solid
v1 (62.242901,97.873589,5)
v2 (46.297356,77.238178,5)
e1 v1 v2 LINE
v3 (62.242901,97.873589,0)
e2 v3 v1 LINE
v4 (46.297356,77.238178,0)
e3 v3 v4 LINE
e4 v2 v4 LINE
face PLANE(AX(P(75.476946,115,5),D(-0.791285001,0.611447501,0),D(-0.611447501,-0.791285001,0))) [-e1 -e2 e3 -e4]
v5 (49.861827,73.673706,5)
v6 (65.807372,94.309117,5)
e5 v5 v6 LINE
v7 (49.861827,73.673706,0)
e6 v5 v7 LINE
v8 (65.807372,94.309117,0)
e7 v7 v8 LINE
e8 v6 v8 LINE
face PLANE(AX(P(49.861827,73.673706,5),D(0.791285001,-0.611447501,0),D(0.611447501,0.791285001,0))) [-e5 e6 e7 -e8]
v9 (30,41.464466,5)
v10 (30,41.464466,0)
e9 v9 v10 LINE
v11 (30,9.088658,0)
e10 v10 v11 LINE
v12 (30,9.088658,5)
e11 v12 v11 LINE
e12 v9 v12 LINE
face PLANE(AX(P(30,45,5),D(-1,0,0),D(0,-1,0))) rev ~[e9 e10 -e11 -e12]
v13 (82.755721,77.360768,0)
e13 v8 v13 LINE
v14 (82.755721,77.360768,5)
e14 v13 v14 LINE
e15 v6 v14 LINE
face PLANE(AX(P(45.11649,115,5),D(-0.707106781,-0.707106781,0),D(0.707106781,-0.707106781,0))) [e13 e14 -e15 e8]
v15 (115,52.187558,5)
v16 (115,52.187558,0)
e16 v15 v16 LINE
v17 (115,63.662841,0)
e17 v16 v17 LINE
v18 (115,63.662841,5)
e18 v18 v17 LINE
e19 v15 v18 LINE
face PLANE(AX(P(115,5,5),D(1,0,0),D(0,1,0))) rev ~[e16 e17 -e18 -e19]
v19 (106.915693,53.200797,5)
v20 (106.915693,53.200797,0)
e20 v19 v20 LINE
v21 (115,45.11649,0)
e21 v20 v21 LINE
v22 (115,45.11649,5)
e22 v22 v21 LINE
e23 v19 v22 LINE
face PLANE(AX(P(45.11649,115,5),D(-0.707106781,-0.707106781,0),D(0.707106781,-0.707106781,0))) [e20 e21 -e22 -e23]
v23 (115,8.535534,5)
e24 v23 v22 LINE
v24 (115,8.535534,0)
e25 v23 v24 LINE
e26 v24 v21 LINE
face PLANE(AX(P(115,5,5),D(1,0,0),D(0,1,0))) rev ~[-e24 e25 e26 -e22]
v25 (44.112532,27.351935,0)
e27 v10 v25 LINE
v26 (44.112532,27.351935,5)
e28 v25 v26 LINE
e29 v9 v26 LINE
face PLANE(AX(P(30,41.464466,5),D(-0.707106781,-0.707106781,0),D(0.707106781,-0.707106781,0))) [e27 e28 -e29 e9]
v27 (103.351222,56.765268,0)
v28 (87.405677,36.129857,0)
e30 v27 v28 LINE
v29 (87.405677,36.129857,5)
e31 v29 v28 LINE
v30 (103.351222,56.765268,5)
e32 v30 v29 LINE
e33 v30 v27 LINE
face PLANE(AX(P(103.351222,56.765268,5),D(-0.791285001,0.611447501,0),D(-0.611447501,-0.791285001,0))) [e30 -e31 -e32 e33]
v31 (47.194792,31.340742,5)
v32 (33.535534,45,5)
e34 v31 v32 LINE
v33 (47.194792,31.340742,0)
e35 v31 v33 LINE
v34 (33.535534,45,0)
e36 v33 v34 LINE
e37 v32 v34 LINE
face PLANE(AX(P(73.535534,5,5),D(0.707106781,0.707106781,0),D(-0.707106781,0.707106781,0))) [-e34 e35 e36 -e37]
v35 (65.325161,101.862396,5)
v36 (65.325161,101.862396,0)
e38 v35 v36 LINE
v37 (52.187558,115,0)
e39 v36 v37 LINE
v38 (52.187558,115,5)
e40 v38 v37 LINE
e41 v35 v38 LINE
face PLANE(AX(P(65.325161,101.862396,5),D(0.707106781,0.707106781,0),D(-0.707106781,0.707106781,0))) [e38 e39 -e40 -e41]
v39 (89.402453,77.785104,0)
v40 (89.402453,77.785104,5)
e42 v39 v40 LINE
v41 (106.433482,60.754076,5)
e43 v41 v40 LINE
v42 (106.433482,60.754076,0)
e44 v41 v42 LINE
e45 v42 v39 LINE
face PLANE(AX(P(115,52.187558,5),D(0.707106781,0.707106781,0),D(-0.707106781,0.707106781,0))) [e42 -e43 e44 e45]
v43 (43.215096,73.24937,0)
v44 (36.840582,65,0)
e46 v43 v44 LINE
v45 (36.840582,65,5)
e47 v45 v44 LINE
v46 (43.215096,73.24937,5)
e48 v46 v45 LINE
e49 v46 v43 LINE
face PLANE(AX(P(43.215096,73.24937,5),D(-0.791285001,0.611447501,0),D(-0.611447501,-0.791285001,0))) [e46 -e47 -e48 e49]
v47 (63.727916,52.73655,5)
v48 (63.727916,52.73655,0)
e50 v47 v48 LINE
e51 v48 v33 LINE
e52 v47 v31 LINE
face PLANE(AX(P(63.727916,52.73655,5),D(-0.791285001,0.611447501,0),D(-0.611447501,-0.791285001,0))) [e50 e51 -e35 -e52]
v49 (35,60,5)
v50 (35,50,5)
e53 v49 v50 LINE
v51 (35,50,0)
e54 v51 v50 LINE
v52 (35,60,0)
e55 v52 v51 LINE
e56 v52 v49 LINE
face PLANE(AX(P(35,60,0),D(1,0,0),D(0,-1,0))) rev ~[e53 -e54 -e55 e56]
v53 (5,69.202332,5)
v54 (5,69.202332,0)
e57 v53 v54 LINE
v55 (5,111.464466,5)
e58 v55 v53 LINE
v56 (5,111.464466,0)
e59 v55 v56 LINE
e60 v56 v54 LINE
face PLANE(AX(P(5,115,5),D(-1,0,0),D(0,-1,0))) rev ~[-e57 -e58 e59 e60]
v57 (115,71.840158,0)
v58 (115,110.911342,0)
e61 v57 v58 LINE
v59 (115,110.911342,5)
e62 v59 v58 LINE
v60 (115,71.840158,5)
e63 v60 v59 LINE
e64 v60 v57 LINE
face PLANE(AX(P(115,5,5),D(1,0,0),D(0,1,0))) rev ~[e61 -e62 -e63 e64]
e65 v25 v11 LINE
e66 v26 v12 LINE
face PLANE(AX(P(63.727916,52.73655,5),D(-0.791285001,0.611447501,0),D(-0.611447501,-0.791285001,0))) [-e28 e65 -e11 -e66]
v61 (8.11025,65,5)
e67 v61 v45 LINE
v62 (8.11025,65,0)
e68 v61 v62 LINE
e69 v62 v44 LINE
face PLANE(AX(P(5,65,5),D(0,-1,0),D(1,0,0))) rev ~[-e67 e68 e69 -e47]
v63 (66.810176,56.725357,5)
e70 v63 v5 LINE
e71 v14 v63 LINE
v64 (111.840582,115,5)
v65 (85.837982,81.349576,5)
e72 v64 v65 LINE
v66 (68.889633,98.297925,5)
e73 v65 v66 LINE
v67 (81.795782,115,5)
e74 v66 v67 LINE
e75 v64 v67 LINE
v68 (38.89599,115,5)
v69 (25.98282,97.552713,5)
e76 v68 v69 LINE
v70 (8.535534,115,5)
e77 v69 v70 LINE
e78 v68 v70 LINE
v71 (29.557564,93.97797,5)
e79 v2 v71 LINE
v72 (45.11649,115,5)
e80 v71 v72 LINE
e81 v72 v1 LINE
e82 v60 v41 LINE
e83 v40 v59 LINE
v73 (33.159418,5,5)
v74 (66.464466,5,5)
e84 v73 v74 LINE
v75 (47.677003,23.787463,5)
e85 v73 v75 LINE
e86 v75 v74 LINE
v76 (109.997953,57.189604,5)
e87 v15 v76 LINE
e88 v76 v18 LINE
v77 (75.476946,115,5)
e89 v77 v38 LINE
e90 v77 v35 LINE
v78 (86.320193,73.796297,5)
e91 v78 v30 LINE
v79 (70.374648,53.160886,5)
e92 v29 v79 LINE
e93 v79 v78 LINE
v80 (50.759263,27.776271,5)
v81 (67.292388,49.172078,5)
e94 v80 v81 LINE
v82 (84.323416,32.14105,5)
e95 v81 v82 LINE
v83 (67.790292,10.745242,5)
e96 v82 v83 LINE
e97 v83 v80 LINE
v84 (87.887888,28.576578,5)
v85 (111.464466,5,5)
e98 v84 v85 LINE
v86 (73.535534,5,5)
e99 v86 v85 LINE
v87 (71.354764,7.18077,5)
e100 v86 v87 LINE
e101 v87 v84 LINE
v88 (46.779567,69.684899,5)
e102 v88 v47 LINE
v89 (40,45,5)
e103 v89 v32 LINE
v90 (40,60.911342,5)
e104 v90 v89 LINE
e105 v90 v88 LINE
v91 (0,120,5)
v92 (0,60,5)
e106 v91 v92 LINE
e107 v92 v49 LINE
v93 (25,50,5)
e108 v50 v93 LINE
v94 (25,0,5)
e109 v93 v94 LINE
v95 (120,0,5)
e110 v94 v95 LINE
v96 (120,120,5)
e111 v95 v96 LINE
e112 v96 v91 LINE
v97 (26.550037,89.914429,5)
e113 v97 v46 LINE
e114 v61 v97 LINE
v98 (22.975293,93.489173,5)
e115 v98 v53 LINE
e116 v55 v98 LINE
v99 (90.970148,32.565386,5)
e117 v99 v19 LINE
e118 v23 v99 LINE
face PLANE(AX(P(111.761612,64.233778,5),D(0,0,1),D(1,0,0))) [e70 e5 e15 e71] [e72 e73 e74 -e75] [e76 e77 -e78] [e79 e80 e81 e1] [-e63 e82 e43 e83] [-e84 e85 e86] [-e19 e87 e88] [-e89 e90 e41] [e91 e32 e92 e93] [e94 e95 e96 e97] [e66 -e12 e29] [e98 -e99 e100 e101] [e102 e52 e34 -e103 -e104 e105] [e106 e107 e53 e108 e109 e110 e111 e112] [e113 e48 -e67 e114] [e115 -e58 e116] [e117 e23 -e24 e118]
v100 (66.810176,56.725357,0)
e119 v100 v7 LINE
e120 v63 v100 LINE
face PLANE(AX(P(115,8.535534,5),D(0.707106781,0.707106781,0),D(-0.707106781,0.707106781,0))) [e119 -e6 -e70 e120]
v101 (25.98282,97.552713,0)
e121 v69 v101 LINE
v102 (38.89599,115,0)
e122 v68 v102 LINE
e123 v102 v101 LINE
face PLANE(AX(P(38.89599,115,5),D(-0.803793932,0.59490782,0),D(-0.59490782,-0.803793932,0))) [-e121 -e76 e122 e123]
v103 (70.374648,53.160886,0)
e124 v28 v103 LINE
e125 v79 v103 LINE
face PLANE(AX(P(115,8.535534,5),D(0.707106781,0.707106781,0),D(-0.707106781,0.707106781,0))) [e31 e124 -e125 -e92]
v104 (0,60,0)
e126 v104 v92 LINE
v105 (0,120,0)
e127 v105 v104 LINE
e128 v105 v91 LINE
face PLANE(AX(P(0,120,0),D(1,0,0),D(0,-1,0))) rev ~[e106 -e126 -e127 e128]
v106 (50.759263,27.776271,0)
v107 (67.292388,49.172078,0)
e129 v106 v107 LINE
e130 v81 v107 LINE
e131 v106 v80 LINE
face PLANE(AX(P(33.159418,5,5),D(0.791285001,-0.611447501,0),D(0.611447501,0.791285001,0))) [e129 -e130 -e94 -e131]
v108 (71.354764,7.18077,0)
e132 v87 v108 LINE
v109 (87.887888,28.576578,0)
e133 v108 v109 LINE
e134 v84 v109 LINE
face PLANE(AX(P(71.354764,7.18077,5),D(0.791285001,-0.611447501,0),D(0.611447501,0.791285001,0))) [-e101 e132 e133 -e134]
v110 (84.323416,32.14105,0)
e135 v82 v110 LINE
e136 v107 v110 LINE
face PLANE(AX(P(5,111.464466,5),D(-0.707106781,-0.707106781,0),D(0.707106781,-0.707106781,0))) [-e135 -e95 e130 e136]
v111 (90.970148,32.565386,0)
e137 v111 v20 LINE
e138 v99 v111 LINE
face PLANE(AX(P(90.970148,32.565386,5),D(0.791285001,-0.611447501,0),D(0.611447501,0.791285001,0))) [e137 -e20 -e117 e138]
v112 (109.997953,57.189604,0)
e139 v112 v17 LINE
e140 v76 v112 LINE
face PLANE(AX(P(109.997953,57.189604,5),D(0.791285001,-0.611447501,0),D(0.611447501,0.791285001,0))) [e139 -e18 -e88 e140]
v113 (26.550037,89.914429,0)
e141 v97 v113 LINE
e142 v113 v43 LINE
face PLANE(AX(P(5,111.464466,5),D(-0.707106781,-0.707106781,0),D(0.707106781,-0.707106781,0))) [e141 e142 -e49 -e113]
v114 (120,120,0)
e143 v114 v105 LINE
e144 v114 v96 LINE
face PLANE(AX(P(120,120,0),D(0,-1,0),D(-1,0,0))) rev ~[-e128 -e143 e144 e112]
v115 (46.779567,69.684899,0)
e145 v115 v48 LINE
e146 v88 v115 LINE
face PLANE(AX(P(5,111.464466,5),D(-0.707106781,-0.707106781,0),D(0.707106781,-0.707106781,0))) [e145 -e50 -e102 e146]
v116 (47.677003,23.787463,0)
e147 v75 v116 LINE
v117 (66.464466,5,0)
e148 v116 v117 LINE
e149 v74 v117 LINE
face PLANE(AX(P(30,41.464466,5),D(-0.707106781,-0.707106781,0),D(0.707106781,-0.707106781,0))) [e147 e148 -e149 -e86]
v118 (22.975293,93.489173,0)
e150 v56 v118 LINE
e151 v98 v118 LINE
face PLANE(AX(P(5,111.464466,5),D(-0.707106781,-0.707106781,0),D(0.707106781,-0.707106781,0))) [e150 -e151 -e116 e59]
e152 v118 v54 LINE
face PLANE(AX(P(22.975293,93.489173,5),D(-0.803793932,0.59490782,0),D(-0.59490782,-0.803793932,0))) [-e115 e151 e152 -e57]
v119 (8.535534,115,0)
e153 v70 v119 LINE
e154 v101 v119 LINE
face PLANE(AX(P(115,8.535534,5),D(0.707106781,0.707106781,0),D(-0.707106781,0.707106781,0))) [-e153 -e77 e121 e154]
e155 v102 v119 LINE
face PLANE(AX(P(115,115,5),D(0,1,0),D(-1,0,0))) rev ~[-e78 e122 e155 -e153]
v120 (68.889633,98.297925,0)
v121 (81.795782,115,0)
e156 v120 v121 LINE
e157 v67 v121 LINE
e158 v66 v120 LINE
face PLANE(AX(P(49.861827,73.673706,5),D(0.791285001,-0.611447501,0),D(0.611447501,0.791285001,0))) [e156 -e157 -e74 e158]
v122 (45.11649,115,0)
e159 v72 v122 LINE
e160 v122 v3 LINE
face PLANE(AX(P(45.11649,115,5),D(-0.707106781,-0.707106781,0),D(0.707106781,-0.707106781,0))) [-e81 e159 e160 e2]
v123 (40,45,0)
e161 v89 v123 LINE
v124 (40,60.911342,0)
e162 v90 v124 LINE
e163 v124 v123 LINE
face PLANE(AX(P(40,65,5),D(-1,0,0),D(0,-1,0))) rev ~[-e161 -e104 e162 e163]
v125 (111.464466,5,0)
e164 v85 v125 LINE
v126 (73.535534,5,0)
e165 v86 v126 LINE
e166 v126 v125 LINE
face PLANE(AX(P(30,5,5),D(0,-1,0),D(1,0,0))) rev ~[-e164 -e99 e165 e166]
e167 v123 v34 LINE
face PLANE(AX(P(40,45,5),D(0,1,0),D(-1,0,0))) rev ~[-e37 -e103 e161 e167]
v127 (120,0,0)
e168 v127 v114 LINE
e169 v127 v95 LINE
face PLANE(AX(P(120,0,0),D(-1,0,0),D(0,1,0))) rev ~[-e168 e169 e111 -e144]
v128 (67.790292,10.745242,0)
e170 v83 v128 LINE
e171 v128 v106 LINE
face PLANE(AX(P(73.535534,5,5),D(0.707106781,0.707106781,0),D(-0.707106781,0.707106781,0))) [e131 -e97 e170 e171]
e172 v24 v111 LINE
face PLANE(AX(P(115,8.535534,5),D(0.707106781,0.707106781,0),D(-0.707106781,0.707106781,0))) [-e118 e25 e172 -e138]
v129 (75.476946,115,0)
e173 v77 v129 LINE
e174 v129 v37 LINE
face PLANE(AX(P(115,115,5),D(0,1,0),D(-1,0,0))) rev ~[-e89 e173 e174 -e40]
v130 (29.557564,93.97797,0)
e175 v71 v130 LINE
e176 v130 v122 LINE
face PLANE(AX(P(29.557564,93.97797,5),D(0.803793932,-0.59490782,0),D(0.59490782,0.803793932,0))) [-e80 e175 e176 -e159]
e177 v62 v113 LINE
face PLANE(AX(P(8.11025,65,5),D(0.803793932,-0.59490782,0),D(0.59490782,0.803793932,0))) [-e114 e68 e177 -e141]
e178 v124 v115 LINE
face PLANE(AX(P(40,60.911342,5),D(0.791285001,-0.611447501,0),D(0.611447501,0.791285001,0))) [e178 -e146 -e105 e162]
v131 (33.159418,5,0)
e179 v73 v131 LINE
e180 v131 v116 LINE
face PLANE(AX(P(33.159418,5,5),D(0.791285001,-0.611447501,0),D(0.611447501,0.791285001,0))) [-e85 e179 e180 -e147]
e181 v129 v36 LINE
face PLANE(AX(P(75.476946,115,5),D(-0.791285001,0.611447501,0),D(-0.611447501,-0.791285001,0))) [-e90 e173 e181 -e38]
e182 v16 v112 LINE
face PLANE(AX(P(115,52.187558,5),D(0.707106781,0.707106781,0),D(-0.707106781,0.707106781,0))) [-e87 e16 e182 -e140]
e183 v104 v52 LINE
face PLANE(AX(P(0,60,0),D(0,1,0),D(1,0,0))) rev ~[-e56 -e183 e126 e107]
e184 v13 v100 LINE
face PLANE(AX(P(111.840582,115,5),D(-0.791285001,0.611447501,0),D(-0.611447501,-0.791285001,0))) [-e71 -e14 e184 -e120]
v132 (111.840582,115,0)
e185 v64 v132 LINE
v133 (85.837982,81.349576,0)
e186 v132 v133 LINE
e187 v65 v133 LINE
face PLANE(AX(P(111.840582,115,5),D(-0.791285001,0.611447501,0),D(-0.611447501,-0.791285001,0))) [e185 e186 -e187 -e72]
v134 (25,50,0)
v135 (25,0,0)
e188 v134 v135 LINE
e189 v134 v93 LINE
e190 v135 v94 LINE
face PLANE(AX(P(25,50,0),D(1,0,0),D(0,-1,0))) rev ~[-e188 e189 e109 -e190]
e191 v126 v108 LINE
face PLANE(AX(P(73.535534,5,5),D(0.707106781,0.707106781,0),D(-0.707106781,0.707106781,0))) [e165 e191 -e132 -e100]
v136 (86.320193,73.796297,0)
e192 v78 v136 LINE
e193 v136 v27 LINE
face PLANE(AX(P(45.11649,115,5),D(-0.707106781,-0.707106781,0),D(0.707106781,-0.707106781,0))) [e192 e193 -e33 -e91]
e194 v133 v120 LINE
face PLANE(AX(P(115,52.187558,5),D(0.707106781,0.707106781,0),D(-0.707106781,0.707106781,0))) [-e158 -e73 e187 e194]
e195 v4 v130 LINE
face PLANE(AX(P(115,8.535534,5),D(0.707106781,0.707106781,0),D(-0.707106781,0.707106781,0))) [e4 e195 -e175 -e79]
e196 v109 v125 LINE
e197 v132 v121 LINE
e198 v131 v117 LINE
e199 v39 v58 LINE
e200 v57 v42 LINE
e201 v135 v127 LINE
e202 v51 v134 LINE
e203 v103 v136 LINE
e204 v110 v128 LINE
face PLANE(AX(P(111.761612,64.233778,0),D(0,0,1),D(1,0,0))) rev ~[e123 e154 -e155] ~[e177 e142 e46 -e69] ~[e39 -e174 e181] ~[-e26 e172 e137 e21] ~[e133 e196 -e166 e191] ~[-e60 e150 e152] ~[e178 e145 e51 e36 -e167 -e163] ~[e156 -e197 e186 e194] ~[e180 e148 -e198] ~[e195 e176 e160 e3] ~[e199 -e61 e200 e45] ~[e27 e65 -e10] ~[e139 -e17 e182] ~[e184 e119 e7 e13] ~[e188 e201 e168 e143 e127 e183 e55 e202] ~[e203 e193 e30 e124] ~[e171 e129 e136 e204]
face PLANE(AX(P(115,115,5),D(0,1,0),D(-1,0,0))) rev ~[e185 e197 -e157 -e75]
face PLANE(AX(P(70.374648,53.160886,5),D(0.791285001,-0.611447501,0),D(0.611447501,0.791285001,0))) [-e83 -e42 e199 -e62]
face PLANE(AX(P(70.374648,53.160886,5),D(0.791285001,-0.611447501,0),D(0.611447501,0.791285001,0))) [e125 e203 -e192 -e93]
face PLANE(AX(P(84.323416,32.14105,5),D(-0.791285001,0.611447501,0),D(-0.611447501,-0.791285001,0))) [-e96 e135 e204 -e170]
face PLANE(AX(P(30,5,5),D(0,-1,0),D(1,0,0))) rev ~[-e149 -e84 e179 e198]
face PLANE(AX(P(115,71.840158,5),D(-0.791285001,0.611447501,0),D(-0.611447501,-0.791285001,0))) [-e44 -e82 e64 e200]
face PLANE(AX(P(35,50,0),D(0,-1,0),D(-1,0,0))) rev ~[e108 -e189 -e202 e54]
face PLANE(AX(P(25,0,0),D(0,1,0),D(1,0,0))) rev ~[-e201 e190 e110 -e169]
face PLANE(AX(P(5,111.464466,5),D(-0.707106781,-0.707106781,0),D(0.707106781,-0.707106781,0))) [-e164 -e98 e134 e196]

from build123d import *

# Parameters (mm, degrees)
F1_DEPTH  = 5
F3_DEPTH  = 25
F5_DEPTH  = 5
F7_DEPTH  = 5
F9_DEPTH  = 5
F11_DEPTH = 5
F13_DEPTH = 5
F15_DEPTH = 5
F17_DEPTH = 5


with BuildPart() as f1:
    # F0 (on Top) → F1 (new body)
    with BuildSketch(Plane.XY):
        Polygon((120, 120), (0, 120), (0, 60), (35, 60), (35, 50), (25, 50), (25, 0), (120, 0), align=None)
    extrude(amount=F1_DEPTH)

    # F2 (on face) → F3 (cut)
    with BuildSketch(Plane.XY.offset(5)):
        Polygon((5, 115), (5, 65), (40, 65), (40, 45), (30, 45), (30, 5), (115, 5), (115, 115), align=None)
    extrude(amount=-F3_DEPTH, mode=Mode.SUBTRACT)

    # F4 (on face) → F5 (join)
    with BuildSketch(Plane.XY.offset(5)):
        Polygon((115, 8.5355339059), (8.5355339059, 115), (5, 115), (5, 111.4644660941), (111.4644660941, 5), (115, 5), align=None)
    extrude(amount=-F5_DEPTH)

    # F6 (on face) → F7 (join)
    with BuildSketch(Plane.XY.offset(5)):
        Polygon((70.3746479557, 53.1608859502), (115, 110.9113415369), (115, 115), (111.8405820967, 115), (66.8101764751, 56.7253574308), align=None)
        Polygon((67.2923876275, 49.1720784666), (70.3746479557, 53.1608859502), (66.8101764751, 56.7253574308), (63.7279161468, 52.7365499472), align=None)
        Polygon((33.1594179033, 5), (67.2923876275, 49.1720784666), (63.7279161468, 52.7365499472), (30, 9.0886584631), (30, 5), align=None)
    extrude(amount=-F7_DEPTH)

    # F8 (on face) → F9 (join)
    with BuildSketch(Plane.XY.offset(5)):
        Polygon((46.2973559623, 77.2381779437), (49.8618274429, 73.673706463), (81.7957815396, 115), (75.4769457331, 115), align=None)
        Polygon((43.215095634, 73.24937046), (46.7795671147, 69.6848989794), (49.8618274429, 73.673706463), (46.2973559623, 77.2381779437), align=None)
        Polygon((40, 65), (40, 60.9113415369), (46.7795671147, 69.6848989794), (43.215095634, 73.24937046), (36.8405820967, 65), align=None)
    extrude(amount=-F9_DEPTH)

    # F10 (on face) → F11 (join)
    with BuildSketch(Plane.XY.offset(5)):
        Polygon((25.9828204872, 97.5527134187), (29.5575639886, 93.9779699173), (45.1164897233, 115), (38.8959899157, 115), align=None)
        Polygon((22.9752933056, 93.4891727885), (26.550036807, 89.914429287), (29.5575639886, 93.9779699173), (25.9828204872, 97.5527134187), align=None)
        Polygon((5, 65), (8.1102499038, 65), (26.550036807, 89.914429287), (22.9752933056, 93.4891727885), (5, 69.2023317134), align=None)
    extrude(amount=-F11_DEPTH)

    # F12 (on face) → F13 (join)
    with BuildSketch(Plane.XY.offset(5)):
        Polygon((30, 45), (30, 41.4644660941), (44.1125315315, 27.3519345626), (47.1947918597, 31.3407420462), (33.5355339059, 45), align=None)
        Polygon((47.1947918597, 31.3407420462), (44.1125315315, 27.3519345626), (47.6770030121, 23.787463082), (50.7592633403, 27.7762705656), align=None)
        Polygon((50.7592633403, 27.7762705656), (47.6770030121, 23.787463082), (66.4644660941, 5), (73.5355339059, 5), align=None)
    extrude(amount=-F13_DEPTH)

    # F14 (on face) → F15 (join)
    with BuildSketch(Plane.XY.offset(5)):
        Polygon((52.1875575351, 115), (45.1164897233, 115), (62.2429008057, 97.8735889176), (65.325161134, 101.8623964012), align=None)
        Polygon((65.325161134, 101.8623964012), (62.2429008057, 97.8735889176), (65.8073722864, 94.3091174369), (68.8896326146, 98.2979249205), align=None)
        Polygon((68.8896326146, 98.2979249205), (65.8073722864, 94.3091174369), (82.7557213186, 77.3607684047), (85.8379816468, 81.3495758883), align=None)
        Polygon((89.4024531274, 77.7851044077), (86.3201927992, 73.7962969241), (115, 45.1164897233), (115, 52.1875575351), align=None)
        Polygon((85.8379816468, 81.3495758883), (82.7557213186, 77.3607684047), (86.3201927992, 73.7962969241), (89.4024531274, 77.7851044077), align=None)
    extrude(amount=-F15_DEPTH)

    # F16 (on face) → F17 (join)
    with BuildSketch(Plane.XY.offset(5)):
        Polygon((115, 71.8401578906), (106.4334818964, 60.7540756388), (109.997953377, 57.1896041582), (115, 63.6628409644), align=None)
        Polygon((106.4334818964, 60.7540756388), (103.3512215681, 56.7652681552), (106.9156930487, 53.2007966745), (109.997953377, 57.1896041582), align=None)
        Polygon((103.3512215681, 56.7652681552), (87.4056767246, 36.1298571813), (90.9701482053, 32.5653857007), (106.9156930487, 53.2007966745), align=None)
        Polygon((87.4056767246, 36.1298571813), (84.3234163964, 32.1410496977), (87.887887877, 28.576578217), (90.9701482053, 32.5653857007), align=None)
        Polygon((84.3234163964, 32.1410496977), (67.7902921093, 10.7452417967), (71.3547635899, 7.180770316), (87.887887877, 28.576578217), align=None)
    extrude(amount=-F17_DEPTH)


solid = f1.part
